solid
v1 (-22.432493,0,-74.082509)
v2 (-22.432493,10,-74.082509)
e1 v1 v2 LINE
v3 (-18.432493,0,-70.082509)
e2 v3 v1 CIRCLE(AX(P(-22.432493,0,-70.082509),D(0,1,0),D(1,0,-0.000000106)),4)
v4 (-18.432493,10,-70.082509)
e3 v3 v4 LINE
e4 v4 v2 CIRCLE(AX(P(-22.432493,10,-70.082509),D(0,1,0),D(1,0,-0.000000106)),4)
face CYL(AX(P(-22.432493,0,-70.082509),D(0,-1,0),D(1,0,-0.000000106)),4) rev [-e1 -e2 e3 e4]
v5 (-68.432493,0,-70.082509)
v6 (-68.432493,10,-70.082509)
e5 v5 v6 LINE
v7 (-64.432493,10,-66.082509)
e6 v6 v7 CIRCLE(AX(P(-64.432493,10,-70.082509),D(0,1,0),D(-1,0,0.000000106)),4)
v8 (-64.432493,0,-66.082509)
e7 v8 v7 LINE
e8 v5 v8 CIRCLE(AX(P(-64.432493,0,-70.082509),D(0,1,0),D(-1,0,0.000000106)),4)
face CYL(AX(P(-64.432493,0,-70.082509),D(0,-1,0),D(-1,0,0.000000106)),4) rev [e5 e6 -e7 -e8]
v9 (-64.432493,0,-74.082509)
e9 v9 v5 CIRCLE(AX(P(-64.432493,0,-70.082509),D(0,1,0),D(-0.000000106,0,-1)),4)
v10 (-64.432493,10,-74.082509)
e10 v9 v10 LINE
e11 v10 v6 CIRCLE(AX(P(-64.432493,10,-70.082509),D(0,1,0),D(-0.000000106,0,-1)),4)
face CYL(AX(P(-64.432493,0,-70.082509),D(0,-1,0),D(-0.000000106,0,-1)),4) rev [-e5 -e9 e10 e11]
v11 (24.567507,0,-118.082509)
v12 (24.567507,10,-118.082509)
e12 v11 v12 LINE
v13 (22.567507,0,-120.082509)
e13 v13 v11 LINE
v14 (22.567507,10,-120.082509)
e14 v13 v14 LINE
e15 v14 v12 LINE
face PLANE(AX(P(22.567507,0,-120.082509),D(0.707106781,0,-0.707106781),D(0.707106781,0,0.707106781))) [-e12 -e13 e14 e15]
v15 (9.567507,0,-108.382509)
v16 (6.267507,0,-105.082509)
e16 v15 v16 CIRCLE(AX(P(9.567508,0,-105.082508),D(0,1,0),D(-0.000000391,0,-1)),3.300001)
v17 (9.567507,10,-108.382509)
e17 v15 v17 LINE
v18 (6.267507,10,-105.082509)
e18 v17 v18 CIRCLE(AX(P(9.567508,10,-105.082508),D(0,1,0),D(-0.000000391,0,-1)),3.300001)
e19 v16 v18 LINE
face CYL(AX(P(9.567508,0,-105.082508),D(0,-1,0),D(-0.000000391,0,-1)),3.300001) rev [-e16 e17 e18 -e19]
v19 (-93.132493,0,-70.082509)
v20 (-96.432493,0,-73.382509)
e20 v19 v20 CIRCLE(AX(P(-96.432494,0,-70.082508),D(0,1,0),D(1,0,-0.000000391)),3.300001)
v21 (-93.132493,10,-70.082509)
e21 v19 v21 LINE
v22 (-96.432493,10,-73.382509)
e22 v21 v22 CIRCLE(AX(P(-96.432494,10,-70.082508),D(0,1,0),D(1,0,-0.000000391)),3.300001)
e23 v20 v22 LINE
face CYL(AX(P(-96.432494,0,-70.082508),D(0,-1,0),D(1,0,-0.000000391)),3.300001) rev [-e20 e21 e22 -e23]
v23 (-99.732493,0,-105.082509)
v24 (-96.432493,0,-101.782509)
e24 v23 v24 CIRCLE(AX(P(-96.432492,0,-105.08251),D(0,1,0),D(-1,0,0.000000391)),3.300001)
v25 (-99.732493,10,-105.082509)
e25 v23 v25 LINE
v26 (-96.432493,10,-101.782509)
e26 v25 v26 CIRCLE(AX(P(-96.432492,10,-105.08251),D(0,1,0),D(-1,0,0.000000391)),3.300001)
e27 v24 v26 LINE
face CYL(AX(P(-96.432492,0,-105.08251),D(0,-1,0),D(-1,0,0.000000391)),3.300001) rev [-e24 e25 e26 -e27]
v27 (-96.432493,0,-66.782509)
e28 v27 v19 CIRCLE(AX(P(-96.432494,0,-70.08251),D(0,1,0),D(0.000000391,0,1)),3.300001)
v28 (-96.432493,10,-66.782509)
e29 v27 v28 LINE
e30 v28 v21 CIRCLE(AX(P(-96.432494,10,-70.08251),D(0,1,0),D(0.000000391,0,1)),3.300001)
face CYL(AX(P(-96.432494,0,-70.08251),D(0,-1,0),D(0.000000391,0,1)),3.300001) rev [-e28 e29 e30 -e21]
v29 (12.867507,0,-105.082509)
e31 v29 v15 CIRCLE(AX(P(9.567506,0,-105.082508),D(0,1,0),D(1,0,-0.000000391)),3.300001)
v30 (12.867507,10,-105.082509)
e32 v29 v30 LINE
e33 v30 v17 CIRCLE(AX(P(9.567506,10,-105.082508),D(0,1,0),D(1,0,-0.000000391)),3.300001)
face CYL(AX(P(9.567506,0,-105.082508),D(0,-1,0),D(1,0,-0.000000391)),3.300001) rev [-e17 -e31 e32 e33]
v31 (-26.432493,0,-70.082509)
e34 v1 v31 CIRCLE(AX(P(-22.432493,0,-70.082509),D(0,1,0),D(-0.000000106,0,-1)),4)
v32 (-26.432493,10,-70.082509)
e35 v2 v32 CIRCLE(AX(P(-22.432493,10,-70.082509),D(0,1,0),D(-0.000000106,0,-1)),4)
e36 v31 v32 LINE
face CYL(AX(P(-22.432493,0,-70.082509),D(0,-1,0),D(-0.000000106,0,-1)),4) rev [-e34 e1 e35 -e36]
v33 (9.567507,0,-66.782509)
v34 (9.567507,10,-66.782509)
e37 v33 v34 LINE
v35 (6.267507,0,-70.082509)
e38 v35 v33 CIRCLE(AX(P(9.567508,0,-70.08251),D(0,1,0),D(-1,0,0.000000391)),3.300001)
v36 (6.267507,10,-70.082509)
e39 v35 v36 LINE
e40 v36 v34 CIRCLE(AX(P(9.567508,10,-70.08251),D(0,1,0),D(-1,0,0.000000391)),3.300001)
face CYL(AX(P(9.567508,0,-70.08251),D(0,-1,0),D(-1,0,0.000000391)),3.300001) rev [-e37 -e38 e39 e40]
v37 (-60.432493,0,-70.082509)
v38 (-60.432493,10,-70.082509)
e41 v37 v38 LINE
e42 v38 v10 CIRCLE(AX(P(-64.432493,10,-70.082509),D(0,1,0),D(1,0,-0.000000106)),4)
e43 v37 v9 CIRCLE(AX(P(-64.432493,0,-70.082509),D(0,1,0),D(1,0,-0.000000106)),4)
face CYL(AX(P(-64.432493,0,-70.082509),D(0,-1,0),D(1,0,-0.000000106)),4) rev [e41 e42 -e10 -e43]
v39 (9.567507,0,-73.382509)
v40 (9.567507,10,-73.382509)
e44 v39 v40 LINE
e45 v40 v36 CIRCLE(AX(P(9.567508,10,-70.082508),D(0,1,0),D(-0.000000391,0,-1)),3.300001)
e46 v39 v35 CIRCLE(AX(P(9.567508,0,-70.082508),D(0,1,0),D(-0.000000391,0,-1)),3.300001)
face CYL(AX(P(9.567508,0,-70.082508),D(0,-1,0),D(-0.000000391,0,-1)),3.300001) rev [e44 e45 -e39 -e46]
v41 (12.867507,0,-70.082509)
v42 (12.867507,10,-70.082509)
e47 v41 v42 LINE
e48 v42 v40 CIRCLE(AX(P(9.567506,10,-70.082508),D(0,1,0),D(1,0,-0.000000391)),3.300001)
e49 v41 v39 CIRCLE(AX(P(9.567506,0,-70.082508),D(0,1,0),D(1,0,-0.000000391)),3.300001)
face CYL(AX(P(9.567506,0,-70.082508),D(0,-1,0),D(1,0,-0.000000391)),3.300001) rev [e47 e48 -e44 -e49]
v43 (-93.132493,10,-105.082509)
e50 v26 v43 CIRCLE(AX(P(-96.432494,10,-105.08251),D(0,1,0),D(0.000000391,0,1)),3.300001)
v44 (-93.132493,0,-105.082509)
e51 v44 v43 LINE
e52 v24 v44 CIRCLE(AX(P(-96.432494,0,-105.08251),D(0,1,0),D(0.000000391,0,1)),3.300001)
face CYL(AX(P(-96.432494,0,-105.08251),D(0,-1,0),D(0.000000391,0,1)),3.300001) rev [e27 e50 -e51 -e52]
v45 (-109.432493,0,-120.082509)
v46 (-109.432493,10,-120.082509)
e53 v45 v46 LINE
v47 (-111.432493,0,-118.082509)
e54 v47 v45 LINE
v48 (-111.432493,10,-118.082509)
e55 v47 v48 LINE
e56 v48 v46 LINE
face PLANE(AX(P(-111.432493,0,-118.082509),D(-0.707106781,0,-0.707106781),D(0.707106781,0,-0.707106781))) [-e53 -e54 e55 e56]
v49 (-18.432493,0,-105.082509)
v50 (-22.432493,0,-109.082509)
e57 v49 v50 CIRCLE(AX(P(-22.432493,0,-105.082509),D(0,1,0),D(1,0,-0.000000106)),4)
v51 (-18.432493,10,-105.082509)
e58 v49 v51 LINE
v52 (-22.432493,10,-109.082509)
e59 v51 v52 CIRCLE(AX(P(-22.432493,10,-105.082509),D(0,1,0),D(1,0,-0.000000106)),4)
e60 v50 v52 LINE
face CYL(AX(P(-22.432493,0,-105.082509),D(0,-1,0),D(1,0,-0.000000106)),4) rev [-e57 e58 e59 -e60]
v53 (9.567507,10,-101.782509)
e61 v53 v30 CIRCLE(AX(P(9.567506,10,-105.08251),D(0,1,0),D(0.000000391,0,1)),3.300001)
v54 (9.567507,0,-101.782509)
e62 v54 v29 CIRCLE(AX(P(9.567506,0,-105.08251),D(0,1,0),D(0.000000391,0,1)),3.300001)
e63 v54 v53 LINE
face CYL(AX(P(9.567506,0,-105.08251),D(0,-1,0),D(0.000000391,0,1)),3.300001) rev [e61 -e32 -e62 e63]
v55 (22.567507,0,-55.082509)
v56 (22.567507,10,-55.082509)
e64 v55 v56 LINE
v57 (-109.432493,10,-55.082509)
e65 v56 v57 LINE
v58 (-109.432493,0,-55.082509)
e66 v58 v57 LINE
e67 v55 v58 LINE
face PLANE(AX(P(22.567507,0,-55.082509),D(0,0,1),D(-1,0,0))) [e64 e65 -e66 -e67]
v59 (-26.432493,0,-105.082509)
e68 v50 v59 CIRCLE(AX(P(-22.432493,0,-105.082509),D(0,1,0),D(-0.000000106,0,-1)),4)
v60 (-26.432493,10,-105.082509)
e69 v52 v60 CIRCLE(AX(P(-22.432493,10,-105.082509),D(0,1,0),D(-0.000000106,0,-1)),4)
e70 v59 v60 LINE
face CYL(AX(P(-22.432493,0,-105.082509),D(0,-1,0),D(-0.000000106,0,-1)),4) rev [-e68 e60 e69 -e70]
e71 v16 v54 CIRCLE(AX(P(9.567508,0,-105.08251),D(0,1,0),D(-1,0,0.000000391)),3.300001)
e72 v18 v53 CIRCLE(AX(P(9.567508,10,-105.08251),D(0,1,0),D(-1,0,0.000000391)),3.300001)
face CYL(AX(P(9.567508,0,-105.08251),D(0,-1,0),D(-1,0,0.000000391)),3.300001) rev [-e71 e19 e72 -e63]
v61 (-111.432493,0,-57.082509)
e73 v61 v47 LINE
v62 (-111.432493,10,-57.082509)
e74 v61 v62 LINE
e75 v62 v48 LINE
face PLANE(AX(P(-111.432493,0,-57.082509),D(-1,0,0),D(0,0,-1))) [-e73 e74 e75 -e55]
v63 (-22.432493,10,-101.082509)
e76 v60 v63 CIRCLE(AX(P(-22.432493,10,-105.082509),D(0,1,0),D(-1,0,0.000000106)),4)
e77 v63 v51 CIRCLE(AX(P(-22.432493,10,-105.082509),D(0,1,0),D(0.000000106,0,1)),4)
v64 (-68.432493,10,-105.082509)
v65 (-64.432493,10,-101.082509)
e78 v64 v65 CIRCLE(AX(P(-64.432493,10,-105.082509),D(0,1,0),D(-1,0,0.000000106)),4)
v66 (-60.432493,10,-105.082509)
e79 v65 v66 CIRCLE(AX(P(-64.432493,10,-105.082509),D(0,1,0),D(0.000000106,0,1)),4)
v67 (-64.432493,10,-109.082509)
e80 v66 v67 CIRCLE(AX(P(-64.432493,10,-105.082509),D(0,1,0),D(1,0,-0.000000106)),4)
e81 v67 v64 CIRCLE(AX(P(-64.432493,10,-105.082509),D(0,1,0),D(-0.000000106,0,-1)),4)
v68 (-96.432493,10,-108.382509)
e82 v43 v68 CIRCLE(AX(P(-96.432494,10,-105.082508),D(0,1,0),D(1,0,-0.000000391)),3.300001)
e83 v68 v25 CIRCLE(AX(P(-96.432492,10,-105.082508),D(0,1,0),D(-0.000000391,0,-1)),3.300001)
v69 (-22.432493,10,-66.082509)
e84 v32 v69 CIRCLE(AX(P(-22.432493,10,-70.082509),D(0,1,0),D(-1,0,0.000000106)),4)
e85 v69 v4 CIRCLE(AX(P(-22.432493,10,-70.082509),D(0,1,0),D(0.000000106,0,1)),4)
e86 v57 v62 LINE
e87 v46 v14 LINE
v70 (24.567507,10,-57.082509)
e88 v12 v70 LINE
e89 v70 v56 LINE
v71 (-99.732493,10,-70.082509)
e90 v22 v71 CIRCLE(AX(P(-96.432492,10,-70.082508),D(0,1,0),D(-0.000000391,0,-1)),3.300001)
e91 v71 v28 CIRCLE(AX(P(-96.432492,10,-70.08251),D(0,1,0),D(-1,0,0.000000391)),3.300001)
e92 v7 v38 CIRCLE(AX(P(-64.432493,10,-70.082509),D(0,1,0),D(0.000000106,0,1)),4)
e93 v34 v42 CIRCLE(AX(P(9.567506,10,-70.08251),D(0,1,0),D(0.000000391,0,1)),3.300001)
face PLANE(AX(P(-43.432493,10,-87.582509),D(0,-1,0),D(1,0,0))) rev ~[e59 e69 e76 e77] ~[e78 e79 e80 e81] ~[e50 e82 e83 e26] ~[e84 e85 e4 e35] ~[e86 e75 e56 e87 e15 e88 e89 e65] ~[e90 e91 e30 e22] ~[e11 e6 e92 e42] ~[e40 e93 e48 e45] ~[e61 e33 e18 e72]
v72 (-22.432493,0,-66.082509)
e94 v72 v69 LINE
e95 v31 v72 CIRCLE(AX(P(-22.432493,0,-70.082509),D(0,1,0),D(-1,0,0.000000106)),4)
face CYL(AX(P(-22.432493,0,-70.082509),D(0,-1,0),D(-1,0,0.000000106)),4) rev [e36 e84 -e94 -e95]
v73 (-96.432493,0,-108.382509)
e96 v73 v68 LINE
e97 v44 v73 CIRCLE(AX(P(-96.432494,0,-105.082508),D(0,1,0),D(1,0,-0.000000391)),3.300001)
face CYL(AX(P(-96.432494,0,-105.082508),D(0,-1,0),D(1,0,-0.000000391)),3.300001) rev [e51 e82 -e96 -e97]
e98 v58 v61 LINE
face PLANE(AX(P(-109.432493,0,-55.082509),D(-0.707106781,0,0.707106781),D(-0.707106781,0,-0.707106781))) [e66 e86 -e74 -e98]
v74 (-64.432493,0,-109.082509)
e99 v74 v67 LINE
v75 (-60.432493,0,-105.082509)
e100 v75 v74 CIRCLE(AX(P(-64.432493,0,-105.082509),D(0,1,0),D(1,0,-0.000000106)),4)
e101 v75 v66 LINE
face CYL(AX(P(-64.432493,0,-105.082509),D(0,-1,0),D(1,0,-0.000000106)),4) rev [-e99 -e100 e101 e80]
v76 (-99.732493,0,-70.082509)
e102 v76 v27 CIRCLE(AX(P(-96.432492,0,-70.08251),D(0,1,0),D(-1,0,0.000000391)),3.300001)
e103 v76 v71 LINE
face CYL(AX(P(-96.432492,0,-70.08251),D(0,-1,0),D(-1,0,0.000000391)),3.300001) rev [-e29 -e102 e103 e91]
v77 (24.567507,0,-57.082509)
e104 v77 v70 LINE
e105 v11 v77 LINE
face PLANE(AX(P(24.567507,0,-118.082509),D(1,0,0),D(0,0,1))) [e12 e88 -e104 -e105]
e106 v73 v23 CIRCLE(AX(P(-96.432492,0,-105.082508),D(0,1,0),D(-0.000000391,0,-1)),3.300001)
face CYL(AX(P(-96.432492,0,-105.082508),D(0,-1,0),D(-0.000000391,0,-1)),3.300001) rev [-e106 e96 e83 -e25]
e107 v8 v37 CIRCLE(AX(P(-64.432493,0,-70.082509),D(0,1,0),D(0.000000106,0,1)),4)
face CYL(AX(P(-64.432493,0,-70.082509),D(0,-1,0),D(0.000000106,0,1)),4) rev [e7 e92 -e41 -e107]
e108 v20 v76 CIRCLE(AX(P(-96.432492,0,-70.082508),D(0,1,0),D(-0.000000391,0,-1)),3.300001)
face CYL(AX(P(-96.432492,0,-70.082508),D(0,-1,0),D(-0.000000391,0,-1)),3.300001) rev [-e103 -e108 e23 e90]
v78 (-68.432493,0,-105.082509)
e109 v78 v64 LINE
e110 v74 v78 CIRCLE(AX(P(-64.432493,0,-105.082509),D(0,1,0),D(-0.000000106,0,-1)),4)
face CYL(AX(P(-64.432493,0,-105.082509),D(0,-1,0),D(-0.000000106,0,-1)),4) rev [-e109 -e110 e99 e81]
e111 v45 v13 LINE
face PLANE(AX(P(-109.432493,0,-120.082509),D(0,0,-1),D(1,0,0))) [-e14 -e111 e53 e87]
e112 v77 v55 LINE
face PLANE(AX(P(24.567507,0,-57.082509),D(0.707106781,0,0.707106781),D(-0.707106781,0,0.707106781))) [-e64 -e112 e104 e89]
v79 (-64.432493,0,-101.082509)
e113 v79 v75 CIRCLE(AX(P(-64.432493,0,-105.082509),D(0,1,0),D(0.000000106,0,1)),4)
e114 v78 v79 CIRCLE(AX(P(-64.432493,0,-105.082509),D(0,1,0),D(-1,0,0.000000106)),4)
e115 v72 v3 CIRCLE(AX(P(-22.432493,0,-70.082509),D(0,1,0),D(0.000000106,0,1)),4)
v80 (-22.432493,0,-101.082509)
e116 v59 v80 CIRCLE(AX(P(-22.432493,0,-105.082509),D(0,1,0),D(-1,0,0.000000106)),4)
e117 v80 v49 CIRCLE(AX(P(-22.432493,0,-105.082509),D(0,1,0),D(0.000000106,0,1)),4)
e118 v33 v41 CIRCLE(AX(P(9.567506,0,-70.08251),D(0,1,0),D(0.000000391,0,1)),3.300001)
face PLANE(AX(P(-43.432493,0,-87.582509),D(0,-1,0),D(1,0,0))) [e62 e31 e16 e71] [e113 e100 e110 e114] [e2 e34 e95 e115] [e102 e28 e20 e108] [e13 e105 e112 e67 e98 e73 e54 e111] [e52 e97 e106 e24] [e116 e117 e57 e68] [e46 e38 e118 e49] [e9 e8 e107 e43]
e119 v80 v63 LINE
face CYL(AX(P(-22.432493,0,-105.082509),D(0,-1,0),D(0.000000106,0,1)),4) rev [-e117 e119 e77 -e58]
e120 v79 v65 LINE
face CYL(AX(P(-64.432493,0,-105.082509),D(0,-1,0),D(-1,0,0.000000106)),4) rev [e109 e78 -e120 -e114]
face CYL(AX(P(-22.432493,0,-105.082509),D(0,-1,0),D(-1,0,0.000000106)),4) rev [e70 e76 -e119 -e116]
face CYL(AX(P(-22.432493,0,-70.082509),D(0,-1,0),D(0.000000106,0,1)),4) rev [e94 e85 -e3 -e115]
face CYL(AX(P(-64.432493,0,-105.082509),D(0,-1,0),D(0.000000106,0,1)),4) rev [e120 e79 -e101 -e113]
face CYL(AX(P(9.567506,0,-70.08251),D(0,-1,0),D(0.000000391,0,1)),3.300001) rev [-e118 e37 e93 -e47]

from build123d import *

# Parameters (mm, degrees)
F1_DEPTH = 10


with BuildPart() as f1:
    # F0 (on Front) → F1 (new body)
    with BuildSketch(Plane.XZ):
        Polygon((22.567507, -55.082509), (-109.432493, -55.082509), (-111.432493, -57.082509), (-111.432493, -118.082509), (-109.432493, -120.082509), (22.567507, -120.082509), (24.567507, -118.082509), (24.567507, -57.082509), align=None)
        with BuildLine():
            ThreePointArc((-96.432493, -108.382509), (-98.765945, -107.415961), (-99.732493, -105.082509))
            ThreePointArc((-99.732493, -105.082509), (-98.765945, -102.749057), (-96.432493, -101.782509))
            ThreePointArc((-96.432493, -101.782509), (-94.099041, -102.749057), (-93.132493, -105.082509))
            ThreePointArc((-93.132493, -105.082509), (-94.099041, -107.415961), (-96.432493, -108.382509))
        make_face(mode=Mode.SUBTRACT)
        with BuildLine():
            ThreePointArc((-60.432493, -105.082509), (-61.604066, -107.910936), (-64.432493, -109.082509))
            ThreePointArc((-64.432493, -109.082509), (-67.26092, -107.910936), (-68.432493, -105.082509))
            ThreePointArc((-68.432493, -105.082509), (-67.26092, -102.254082), (-64.432493, -101.082509))
            ThreePointArc((-64.432493, -101.082509), (-61.604066, -102.254082), (-60.432493, -105.082509))
        make_face(mode=Mode.SUBTRACT)
        with BuildLine():
            ThreePointArc((-18.432493, -105.082509), (-19.604066, -107.910936), (-22.432493, -109.082509))
            ThreePointArc((-22.432493, -109.082509), (-25.26092, -107.910936), (-26.432493, -105.082509))
            ThreePointArc((-26.432493, -105.082509), (-25.26092, -102.254082), (-22.432493, -101.082509))
            ThreePointArc((-22.432493, -101.082509), (-19.604066, -102.254082), (-18.432493, -105.082509))
        make_face(mode=Mode.SUBTRACT)
        with BuildLine():
            ThreePointArc((9.567507, -108.382509), (7.234055, -107.415961), (6.267507, -105.082509))
            ThreePointArc((6.267507, -105.082509), (7.234055, -102.749057), (9.567507, -101.782509))
            ThreePointArc((9.567507, -101.782509), (11.900959, -102.749057), (12.867507, -105.082509))
            ThreePointArc((12.867507, -105.082509), (11.900959, -107.415961), (9.567507, -108.382509))
        make_face(mode=Mode.SUBTRACT)
        with BuildLine():
            ThreePointArc((-96.432493, -73.382509), (-98.765945, -72.415961), (-99.732493, -70.082509))
            ThreePointArc((-99.732493, -70.082509), (-98.765945, -67.749057), (-96.432493, -66.782509))
            ThreePointArc((-96.432493, -66.782509), (-94.099041, -67.749057), (-93.132493, -70.082509))
            ThreePointArc((-93.132493, -70.082509), (-94.099041, -72.415961), (-96.432493, -73.382509))
        make_face(mode=Mode.SUBTRACT)
        with BuildLine():
            ThreePointArc((-60.432493, -70.082509), (-61.604066, -72.910936), (-64.432493, -74.082509))
            ThreePointArc((-64.432493, -74.082509), (-67.26092, -72.910936), (-68.432493, -70.082509))
            ThreePointArc((-68.432493, -70.082509), (-67.26092, -67.254082), (-64.432493, -66.082509))
            ThreePointArc((-64.432493, -66.082509), (-61.604066, -67.254082), (-60.432493, -70.082509))
        make_face(mode=Mode.SUBTRACT)
        with BuildLine():
            ThreePointArc((-18.432493, -70.082509), (-19.604066, -72.910936), (-22.432493, -74.082509))
            ThreePointArc((-22.432493, -74.082509), (-25.26092, -72.910936), (-26.432493, -70.082509))
            ThreePointArc((-26.432493, -70.082509), (-25.26092, -67.254082), (-22.432493, -66.082509))
            ThreePointArc((-22.432493, -66.082509), (-19.604066, -67.254082), (-18.432493, -70.082509))
        make_face(mode=Mode.SUBTRACT)
        with BuildLine():
            ThreePointArc((9.567507, -73.382509), (7.234055, -72.415961), (6.267507, -70.082509))
            ThreePointArc((6.267507, -70.082509), (7.234055, -67.749057), (9.567507, -66.782509))
            ThreePointArc((9.567507, -66.782509), (11.900959, -67.749057), (12.867507, -70.082509))
            ThreePointArc((12.867507, -70.082509), (11.900959, -72.415961), (9.567507, -73.382509))
        make_face(mode=Mode.SUBTRACT)
    extrude(amount=-F1_DEPTH)


solid = f1.part
